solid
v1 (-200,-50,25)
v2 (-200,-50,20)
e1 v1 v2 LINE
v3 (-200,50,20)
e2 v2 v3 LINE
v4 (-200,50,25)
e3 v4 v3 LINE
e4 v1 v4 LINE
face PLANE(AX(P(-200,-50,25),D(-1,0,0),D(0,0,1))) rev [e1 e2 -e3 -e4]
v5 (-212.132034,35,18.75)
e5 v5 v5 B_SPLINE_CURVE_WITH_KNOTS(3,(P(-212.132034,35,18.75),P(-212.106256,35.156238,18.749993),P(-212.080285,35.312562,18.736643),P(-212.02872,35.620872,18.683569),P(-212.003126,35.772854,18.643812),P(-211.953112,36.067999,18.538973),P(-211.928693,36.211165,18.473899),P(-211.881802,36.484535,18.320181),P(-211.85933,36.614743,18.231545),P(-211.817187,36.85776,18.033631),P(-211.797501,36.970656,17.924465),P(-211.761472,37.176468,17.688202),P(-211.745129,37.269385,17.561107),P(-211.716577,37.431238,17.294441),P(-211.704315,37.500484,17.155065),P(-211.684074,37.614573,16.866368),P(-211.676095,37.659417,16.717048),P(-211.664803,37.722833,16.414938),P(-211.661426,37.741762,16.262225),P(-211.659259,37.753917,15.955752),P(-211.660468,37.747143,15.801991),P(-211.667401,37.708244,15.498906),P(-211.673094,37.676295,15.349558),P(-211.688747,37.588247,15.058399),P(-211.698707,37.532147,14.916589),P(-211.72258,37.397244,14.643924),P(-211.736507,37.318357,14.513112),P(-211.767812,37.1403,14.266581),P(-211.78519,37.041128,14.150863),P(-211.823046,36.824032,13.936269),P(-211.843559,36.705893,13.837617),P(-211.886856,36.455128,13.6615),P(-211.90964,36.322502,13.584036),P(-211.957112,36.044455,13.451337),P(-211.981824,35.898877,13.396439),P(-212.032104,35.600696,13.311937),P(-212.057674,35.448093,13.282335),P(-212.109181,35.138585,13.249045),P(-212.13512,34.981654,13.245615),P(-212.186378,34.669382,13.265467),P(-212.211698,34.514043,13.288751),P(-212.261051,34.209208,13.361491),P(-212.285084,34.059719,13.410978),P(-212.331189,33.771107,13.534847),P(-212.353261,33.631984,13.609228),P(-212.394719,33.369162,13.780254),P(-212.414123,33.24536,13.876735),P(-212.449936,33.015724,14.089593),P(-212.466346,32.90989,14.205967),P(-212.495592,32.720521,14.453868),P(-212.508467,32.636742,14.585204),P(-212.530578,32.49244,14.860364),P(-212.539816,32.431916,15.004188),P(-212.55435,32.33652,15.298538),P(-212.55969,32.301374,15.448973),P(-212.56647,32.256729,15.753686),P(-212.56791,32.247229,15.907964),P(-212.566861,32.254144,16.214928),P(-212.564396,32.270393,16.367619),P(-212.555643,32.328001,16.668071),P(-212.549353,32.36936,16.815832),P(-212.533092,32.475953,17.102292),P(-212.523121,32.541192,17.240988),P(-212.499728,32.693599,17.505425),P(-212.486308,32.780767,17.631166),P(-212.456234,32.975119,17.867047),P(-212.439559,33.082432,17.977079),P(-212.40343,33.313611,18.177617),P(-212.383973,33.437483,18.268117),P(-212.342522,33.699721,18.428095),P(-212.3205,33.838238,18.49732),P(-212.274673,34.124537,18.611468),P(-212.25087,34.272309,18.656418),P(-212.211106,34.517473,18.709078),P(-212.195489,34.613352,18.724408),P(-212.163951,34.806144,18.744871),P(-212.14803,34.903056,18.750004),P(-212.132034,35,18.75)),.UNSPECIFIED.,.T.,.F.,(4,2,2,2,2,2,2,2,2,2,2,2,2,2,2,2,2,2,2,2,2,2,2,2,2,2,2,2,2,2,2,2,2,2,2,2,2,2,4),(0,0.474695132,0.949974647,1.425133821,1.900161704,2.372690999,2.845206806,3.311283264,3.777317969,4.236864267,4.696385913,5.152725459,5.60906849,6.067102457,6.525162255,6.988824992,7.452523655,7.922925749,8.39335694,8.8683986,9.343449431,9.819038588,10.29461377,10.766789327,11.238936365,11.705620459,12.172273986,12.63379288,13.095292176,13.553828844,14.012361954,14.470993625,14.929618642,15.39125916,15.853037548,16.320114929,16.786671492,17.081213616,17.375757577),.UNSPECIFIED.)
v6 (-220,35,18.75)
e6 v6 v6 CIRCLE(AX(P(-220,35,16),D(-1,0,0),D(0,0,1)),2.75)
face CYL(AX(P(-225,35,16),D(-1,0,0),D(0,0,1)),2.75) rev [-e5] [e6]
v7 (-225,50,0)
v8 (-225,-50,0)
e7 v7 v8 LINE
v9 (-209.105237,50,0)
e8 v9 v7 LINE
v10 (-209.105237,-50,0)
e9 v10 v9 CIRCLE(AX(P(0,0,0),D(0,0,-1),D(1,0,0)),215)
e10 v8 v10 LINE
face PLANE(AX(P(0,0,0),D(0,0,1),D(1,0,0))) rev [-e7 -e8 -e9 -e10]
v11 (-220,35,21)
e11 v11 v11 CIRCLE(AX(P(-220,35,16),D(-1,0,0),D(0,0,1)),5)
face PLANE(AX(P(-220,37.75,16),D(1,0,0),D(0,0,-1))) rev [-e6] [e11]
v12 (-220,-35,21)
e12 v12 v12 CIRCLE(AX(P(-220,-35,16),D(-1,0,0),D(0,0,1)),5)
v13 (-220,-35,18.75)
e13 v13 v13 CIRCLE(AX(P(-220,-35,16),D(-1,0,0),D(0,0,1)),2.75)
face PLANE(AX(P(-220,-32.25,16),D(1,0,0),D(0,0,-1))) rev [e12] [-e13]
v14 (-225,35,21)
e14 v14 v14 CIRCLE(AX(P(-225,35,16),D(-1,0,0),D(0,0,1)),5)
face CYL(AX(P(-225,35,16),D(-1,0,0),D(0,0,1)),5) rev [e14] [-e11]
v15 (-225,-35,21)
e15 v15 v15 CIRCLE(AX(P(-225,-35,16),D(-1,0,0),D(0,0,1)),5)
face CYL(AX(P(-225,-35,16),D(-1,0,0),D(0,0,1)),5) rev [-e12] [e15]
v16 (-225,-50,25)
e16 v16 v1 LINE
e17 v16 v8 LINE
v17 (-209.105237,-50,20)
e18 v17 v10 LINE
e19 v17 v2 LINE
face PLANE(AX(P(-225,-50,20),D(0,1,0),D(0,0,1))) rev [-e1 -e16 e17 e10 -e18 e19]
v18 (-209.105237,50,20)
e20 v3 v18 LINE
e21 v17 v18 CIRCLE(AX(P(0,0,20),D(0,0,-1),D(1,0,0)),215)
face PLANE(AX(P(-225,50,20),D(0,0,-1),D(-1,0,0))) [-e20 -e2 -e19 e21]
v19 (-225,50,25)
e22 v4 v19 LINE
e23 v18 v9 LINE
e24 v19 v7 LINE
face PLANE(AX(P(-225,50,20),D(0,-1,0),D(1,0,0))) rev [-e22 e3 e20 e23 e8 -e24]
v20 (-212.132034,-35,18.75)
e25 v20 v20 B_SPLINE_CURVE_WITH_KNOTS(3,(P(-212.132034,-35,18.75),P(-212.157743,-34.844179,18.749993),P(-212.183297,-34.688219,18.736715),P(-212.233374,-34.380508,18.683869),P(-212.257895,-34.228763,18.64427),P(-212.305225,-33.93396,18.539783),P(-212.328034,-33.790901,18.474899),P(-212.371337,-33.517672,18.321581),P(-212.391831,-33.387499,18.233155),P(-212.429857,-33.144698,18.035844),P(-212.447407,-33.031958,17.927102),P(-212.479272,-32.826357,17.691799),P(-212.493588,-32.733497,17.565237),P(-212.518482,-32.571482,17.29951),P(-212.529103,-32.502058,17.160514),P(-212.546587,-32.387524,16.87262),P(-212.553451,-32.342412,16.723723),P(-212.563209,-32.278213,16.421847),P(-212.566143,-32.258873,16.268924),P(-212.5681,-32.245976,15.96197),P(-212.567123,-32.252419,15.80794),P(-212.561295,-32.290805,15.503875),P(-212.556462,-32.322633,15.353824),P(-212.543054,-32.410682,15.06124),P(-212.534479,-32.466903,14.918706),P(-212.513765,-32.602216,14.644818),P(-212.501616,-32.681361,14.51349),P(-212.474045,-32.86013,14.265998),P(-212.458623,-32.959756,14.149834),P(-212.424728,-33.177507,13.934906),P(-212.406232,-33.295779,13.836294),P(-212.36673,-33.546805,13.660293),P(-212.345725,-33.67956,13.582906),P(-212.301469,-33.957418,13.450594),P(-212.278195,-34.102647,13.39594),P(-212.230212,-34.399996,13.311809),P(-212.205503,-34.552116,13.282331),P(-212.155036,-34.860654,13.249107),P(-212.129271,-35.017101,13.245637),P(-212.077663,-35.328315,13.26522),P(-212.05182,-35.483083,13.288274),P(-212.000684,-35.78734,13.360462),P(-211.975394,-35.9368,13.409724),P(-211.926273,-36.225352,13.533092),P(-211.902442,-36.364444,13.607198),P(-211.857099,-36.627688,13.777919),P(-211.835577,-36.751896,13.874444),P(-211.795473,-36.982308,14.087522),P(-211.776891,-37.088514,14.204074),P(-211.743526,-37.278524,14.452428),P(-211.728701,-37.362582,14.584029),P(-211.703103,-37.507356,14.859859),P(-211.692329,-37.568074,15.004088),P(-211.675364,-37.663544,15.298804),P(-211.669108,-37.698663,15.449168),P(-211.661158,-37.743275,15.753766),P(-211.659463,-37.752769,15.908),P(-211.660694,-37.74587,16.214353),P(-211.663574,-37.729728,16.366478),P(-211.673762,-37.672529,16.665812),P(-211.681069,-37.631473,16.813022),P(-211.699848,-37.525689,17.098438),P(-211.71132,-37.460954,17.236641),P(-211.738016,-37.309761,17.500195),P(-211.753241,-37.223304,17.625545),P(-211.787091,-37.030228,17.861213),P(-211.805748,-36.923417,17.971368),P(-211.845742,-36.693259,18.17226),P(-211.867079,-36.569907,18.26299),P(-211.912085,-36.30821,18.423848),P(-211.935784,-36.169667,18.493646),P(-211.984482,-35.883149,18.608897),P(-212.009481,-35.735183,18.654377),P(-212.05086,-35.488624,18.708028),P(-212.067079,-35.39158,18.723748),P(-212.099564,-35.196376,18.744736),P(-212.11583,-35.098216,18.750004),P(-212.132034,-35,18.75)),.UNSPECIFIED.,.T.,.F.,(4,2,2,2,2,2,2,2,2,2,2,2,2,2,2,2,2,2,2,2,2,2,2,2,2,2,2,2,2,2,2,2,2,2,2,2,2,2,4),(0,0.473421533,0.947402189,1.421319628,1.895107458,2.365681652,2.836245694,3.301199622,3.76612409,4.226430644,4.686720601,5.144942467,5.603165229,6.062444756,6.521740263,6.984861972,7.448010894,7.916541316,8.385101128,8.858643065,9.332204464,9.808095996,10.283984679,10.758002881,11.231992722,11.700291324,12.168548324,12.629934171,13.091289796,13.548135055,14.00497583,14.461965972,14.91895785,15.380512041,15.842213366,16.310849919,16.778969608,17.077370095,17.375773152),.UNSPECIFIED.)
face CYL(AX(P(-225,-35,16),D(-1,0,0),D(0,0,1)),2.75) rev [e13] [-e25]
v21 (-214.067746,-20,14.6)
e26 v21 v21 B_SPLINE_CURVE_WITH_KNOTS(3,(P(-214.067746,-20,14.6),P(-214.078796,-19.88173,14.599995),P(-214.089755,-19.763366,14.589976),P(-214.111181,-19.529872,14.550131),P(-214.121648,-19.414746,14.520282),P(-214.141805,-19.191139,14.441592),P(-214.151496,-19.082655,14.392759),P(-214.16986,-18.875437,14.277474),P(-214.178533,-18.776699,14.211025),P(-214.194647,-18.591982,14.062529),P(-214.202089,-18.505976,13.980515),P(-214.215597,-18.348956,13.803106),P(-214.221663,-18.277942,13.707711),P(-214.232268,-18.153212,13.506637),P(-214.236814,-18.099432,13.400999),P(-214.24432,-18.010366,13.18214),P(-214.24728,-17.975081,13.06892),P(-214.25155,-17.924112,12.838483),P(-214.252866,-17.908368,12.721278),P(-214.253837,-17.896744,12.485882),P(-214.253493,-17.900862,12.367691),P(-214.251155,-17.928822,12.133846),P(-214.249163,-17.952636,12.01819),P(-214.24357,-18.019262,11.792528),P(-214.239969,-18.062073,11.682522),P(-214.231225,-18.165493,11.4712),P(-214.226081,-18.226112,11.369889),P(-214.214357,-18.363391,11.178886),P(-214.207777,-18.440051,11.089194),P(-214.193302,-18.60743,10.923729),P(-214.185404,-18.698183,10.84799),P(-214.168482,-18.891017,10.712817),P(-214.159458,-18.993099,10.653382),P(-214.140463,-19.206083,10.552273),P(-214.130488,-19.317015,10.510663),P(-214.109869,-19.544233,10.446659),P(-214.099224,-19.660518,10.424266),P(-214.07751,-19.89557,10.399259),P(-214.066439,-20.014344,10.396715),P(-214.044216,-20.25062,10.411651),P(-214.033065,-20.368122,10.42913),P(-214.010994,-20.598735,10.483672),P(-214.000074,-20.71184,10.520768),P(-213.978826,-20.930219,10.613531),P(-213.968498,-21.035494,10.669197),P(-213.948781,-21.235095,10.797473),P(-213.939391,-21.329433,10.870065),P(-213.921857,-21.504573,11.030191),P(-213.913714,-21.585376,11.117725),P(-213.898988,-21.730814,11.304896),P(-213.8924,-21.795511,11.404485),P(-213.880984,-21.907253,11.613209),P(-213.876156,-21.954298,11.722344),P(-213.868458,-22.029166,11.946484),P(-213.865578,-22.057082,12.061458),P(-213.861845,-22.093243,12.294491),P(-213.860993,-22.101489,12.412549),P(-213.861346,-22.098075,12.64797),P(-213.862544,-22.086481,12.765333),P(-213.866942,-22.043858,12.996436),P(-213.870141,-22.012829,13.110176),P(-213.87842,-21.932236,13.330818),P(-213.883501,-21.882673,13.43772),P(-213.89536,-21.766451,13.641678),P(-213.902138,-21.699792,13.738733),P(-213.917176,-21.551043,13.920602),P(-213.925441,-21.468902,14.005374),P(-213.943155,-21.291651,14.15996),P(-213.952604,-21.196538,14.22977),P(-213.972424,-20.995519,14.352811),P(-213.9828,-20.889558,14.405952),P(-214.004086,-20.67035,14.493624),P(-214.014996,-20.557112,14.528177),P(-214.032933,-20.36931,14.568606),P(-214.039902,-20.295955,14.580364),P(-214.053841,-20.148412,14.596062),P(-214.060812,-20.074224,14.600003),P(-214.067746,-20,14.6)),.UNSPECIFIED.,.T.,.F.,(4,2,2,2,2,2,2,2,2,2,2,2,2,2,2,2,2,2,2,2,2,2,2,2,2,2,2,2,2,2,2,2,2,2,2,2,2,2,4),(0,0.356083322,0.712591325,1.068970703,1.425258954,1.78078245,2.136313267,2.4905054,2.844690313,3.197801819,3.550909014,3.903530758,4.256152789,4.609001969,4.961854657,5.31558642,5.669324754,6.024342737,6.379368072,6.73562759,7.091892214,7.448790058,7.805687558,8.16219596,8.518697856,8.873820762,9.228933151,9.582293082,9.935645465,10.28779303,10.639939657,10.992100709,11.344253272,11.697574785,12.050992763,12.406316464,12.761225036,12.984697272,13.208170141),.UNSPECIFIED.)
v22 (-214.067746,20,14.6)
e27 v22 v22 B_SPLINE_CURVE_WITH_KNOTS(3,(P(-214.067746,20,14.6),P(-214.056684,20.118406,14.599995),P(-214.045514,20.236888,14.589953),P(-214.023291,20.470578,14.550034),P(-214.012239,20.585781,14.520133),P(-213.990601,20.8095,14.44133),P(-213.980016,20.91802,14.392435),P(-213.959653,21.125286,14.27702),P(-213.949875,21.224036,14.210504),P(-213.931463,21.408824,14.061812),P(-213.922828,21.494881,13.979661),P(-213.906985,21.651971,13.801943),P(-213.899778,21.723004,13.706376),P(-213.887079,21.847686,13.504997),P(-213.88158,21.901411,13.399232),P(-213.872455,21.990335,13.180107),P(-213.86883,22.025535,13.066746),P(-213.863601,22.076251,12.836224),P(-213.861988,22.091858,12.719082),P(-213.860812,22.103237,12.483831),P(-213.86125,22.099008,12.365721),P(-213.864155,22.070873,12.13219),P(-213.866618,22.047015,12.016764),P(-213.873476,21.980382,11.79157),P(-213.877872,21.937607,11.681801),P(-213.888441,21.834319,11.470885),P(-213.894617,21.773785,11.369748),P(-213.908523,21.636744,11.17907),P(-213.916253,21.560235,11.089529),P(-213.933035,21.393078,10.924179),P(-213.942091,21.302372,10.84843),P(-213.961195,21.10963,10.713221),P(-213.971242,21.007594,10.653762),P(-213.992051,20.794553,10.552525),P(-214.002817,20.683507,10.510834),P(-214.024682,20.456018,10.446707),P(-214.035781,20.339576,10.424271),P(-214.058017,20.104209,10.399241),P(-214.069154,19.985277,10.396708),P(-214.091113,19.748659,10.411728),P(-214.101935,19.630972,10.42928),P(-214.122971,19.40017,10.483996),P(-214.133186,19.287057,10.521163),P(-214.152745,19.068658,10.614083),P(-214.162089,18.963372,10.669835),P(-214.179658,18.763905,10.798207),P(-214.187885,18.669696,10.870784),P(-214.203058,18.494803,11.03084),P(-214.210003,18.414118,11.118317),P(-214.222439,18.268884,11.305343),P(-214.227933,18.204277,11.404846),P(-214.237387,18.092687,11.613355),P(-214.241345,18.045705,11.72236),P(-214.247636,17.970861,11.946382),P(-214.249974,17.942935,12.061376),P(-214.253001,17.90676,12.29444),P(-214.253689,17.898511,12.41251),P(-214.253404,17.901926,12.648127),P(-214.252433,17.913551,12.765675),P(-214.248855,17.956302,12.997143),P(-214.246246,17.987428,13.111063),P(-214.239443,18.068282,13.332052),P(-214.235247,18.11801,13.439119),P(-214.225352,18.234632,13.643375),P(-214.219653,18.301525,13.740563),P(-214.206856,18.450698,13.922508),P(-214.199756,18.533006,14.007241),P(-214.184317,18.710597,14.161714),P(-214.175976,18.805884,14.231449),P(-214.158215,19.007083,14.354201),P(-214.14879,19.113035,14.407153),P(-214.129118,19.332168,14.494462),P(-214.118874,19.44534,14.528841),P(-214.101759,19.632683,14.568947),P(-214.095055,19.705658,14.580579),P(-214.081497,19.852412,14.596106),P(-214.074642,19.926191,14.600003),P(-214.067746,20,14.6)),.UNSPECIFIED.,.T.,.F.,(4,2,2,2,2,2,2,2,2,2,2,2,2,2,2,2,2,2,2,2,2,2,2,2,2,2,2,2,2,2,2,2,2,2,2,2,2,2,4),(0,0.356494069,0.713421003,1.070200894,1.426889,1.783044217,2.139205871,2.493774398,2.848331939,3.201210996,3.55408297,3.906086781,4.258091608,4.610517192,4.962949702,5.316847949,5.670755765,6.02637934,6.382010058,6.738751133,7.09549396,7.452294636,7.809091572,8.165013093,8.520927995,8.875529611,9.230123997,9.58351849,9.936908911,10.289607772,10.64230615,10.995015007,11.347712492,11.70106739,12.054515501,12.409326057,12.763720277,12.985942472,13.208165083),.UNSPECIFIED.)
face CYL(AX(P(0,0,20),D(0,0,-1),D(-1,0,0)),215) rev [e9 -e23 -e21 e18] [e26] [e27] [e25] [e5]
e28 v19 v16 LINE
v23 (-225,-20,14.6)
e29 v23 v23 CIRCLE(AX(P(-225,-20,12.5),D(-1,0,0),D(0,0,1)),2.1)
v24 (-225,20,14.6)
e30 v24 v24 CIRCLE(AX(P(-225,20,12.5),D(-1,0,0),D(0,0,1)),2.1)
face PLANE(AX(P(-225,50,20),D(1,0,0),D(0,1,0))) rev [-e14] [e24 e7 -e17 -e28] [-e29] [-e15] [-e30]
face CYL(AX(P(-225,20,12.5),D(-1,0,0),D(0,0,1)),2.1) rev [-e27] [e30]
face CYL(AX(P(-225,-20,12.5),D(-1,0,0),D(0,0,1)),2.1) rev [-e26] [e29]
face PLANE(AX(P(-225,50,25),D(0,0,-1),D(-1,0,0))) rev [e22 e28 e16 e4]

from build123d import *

# Parameters (mm, degrees)
BOSS_EXTRU_1_DEPTH                                 = 20
ESQUISSE9_W                                        = 25
ESQUISSE9_H                                        = 100
BOSS_EXTRU_2_DEPTH                                 = 5
CHAMBRAGE_POUR_VIS_T_TE_HEXAGONALE_M53_D           = 5.5
CHAMBRAGE_POUR_VIS_T_TE_HEXAGONALE_M53_CBORE_D     = 10
CHAMBRAGE_POUR_VIS_T_TE_HEXAGONALE_M53_CBORE_DEPTH = 5
CHAMBRAGE_POUR_VIS_T_TE_HEXAGONALE_M54_D           = 5.5
CHAMBRAGE_POUR_VIS_T_TE_HEXAGONALE_M54_CBORE_D     = 10
CHAMBRAGE_POUR_VIS_T_TE_HEXAGONALE_M54_CBORE_DEPTH = 5
TROU_TARAUD_M52_D                                  = 4.2


with BuildPart() as part:
    # Esquisse1 → Boss.-Extru.1 (new body)
    with BuildSketch(Plane.XY):
        with BuildLine():
            Line((-225, 50), (-225, -50))
            Line((-225, -50), (-209.105236663, -50))
            ThreePointArc((-209.105236663, -50), (-215, 0), (-209.105236663, 50))
            Line((-209.105236663, 50), (-225, 50))
        make_face()
    extrude(amount=BOSS_EXTRU_1_DEPTH)

    # Esquisse9 → Boss.-Extru.2 (add)
    with BuildSketch(Plane.XY.offset(20)):
        with Locations((-212.5, 0)):
            Rectangle(ESQUISSE9_W, ESQUISSE9_H)
    extrude(amount=BOSS_EXTRU_2_DEPTH)

    # Chambrage pour vis à tête hexagonale M53 (through all)
    with Locations(Plane.ZY.offset(225)):
        with Locations((16, 35)):
            CounterBoreHole(CHAMBRAGE_POUR_VIS_T_TE_HEXAGONALE_M53_D / 2, CHAMBRAGE_POUR_VIS_T_TE_HEXAGONALE_M53_CBORE_D / 2, CHAMBRAGE_POUR_VIS_T_TE_HEXAGONALE_M53_CBORE_DEPTH)

    # Chambrage pour vis à tête hexagonale M54 (through all)
    with Locations(Plane.ZY.offset(225)):
        with Locations((16, -35)):
            CounterBoreHole(CHAMBRAGE_POUR_VIS_T_TE_HEXAGONALE_M54_D / 2, CHAMBRAGE_POUR_VIS_T_TE_HEXAGONALE_M54_CBORE_D / 2, CHAMBRAGE_POUR_VIS_T_TE_HEXAGONALE_M54_CBORE_DEPTH)

    # Trou taraudé M52 (through all)
    with Locations(Plane.ZY.offset(225)):
        with Locations((12.5, 20), (12.5, -20)):
            Hole(TROU_TARAUD_M52_D / 2)


solid = part.part
